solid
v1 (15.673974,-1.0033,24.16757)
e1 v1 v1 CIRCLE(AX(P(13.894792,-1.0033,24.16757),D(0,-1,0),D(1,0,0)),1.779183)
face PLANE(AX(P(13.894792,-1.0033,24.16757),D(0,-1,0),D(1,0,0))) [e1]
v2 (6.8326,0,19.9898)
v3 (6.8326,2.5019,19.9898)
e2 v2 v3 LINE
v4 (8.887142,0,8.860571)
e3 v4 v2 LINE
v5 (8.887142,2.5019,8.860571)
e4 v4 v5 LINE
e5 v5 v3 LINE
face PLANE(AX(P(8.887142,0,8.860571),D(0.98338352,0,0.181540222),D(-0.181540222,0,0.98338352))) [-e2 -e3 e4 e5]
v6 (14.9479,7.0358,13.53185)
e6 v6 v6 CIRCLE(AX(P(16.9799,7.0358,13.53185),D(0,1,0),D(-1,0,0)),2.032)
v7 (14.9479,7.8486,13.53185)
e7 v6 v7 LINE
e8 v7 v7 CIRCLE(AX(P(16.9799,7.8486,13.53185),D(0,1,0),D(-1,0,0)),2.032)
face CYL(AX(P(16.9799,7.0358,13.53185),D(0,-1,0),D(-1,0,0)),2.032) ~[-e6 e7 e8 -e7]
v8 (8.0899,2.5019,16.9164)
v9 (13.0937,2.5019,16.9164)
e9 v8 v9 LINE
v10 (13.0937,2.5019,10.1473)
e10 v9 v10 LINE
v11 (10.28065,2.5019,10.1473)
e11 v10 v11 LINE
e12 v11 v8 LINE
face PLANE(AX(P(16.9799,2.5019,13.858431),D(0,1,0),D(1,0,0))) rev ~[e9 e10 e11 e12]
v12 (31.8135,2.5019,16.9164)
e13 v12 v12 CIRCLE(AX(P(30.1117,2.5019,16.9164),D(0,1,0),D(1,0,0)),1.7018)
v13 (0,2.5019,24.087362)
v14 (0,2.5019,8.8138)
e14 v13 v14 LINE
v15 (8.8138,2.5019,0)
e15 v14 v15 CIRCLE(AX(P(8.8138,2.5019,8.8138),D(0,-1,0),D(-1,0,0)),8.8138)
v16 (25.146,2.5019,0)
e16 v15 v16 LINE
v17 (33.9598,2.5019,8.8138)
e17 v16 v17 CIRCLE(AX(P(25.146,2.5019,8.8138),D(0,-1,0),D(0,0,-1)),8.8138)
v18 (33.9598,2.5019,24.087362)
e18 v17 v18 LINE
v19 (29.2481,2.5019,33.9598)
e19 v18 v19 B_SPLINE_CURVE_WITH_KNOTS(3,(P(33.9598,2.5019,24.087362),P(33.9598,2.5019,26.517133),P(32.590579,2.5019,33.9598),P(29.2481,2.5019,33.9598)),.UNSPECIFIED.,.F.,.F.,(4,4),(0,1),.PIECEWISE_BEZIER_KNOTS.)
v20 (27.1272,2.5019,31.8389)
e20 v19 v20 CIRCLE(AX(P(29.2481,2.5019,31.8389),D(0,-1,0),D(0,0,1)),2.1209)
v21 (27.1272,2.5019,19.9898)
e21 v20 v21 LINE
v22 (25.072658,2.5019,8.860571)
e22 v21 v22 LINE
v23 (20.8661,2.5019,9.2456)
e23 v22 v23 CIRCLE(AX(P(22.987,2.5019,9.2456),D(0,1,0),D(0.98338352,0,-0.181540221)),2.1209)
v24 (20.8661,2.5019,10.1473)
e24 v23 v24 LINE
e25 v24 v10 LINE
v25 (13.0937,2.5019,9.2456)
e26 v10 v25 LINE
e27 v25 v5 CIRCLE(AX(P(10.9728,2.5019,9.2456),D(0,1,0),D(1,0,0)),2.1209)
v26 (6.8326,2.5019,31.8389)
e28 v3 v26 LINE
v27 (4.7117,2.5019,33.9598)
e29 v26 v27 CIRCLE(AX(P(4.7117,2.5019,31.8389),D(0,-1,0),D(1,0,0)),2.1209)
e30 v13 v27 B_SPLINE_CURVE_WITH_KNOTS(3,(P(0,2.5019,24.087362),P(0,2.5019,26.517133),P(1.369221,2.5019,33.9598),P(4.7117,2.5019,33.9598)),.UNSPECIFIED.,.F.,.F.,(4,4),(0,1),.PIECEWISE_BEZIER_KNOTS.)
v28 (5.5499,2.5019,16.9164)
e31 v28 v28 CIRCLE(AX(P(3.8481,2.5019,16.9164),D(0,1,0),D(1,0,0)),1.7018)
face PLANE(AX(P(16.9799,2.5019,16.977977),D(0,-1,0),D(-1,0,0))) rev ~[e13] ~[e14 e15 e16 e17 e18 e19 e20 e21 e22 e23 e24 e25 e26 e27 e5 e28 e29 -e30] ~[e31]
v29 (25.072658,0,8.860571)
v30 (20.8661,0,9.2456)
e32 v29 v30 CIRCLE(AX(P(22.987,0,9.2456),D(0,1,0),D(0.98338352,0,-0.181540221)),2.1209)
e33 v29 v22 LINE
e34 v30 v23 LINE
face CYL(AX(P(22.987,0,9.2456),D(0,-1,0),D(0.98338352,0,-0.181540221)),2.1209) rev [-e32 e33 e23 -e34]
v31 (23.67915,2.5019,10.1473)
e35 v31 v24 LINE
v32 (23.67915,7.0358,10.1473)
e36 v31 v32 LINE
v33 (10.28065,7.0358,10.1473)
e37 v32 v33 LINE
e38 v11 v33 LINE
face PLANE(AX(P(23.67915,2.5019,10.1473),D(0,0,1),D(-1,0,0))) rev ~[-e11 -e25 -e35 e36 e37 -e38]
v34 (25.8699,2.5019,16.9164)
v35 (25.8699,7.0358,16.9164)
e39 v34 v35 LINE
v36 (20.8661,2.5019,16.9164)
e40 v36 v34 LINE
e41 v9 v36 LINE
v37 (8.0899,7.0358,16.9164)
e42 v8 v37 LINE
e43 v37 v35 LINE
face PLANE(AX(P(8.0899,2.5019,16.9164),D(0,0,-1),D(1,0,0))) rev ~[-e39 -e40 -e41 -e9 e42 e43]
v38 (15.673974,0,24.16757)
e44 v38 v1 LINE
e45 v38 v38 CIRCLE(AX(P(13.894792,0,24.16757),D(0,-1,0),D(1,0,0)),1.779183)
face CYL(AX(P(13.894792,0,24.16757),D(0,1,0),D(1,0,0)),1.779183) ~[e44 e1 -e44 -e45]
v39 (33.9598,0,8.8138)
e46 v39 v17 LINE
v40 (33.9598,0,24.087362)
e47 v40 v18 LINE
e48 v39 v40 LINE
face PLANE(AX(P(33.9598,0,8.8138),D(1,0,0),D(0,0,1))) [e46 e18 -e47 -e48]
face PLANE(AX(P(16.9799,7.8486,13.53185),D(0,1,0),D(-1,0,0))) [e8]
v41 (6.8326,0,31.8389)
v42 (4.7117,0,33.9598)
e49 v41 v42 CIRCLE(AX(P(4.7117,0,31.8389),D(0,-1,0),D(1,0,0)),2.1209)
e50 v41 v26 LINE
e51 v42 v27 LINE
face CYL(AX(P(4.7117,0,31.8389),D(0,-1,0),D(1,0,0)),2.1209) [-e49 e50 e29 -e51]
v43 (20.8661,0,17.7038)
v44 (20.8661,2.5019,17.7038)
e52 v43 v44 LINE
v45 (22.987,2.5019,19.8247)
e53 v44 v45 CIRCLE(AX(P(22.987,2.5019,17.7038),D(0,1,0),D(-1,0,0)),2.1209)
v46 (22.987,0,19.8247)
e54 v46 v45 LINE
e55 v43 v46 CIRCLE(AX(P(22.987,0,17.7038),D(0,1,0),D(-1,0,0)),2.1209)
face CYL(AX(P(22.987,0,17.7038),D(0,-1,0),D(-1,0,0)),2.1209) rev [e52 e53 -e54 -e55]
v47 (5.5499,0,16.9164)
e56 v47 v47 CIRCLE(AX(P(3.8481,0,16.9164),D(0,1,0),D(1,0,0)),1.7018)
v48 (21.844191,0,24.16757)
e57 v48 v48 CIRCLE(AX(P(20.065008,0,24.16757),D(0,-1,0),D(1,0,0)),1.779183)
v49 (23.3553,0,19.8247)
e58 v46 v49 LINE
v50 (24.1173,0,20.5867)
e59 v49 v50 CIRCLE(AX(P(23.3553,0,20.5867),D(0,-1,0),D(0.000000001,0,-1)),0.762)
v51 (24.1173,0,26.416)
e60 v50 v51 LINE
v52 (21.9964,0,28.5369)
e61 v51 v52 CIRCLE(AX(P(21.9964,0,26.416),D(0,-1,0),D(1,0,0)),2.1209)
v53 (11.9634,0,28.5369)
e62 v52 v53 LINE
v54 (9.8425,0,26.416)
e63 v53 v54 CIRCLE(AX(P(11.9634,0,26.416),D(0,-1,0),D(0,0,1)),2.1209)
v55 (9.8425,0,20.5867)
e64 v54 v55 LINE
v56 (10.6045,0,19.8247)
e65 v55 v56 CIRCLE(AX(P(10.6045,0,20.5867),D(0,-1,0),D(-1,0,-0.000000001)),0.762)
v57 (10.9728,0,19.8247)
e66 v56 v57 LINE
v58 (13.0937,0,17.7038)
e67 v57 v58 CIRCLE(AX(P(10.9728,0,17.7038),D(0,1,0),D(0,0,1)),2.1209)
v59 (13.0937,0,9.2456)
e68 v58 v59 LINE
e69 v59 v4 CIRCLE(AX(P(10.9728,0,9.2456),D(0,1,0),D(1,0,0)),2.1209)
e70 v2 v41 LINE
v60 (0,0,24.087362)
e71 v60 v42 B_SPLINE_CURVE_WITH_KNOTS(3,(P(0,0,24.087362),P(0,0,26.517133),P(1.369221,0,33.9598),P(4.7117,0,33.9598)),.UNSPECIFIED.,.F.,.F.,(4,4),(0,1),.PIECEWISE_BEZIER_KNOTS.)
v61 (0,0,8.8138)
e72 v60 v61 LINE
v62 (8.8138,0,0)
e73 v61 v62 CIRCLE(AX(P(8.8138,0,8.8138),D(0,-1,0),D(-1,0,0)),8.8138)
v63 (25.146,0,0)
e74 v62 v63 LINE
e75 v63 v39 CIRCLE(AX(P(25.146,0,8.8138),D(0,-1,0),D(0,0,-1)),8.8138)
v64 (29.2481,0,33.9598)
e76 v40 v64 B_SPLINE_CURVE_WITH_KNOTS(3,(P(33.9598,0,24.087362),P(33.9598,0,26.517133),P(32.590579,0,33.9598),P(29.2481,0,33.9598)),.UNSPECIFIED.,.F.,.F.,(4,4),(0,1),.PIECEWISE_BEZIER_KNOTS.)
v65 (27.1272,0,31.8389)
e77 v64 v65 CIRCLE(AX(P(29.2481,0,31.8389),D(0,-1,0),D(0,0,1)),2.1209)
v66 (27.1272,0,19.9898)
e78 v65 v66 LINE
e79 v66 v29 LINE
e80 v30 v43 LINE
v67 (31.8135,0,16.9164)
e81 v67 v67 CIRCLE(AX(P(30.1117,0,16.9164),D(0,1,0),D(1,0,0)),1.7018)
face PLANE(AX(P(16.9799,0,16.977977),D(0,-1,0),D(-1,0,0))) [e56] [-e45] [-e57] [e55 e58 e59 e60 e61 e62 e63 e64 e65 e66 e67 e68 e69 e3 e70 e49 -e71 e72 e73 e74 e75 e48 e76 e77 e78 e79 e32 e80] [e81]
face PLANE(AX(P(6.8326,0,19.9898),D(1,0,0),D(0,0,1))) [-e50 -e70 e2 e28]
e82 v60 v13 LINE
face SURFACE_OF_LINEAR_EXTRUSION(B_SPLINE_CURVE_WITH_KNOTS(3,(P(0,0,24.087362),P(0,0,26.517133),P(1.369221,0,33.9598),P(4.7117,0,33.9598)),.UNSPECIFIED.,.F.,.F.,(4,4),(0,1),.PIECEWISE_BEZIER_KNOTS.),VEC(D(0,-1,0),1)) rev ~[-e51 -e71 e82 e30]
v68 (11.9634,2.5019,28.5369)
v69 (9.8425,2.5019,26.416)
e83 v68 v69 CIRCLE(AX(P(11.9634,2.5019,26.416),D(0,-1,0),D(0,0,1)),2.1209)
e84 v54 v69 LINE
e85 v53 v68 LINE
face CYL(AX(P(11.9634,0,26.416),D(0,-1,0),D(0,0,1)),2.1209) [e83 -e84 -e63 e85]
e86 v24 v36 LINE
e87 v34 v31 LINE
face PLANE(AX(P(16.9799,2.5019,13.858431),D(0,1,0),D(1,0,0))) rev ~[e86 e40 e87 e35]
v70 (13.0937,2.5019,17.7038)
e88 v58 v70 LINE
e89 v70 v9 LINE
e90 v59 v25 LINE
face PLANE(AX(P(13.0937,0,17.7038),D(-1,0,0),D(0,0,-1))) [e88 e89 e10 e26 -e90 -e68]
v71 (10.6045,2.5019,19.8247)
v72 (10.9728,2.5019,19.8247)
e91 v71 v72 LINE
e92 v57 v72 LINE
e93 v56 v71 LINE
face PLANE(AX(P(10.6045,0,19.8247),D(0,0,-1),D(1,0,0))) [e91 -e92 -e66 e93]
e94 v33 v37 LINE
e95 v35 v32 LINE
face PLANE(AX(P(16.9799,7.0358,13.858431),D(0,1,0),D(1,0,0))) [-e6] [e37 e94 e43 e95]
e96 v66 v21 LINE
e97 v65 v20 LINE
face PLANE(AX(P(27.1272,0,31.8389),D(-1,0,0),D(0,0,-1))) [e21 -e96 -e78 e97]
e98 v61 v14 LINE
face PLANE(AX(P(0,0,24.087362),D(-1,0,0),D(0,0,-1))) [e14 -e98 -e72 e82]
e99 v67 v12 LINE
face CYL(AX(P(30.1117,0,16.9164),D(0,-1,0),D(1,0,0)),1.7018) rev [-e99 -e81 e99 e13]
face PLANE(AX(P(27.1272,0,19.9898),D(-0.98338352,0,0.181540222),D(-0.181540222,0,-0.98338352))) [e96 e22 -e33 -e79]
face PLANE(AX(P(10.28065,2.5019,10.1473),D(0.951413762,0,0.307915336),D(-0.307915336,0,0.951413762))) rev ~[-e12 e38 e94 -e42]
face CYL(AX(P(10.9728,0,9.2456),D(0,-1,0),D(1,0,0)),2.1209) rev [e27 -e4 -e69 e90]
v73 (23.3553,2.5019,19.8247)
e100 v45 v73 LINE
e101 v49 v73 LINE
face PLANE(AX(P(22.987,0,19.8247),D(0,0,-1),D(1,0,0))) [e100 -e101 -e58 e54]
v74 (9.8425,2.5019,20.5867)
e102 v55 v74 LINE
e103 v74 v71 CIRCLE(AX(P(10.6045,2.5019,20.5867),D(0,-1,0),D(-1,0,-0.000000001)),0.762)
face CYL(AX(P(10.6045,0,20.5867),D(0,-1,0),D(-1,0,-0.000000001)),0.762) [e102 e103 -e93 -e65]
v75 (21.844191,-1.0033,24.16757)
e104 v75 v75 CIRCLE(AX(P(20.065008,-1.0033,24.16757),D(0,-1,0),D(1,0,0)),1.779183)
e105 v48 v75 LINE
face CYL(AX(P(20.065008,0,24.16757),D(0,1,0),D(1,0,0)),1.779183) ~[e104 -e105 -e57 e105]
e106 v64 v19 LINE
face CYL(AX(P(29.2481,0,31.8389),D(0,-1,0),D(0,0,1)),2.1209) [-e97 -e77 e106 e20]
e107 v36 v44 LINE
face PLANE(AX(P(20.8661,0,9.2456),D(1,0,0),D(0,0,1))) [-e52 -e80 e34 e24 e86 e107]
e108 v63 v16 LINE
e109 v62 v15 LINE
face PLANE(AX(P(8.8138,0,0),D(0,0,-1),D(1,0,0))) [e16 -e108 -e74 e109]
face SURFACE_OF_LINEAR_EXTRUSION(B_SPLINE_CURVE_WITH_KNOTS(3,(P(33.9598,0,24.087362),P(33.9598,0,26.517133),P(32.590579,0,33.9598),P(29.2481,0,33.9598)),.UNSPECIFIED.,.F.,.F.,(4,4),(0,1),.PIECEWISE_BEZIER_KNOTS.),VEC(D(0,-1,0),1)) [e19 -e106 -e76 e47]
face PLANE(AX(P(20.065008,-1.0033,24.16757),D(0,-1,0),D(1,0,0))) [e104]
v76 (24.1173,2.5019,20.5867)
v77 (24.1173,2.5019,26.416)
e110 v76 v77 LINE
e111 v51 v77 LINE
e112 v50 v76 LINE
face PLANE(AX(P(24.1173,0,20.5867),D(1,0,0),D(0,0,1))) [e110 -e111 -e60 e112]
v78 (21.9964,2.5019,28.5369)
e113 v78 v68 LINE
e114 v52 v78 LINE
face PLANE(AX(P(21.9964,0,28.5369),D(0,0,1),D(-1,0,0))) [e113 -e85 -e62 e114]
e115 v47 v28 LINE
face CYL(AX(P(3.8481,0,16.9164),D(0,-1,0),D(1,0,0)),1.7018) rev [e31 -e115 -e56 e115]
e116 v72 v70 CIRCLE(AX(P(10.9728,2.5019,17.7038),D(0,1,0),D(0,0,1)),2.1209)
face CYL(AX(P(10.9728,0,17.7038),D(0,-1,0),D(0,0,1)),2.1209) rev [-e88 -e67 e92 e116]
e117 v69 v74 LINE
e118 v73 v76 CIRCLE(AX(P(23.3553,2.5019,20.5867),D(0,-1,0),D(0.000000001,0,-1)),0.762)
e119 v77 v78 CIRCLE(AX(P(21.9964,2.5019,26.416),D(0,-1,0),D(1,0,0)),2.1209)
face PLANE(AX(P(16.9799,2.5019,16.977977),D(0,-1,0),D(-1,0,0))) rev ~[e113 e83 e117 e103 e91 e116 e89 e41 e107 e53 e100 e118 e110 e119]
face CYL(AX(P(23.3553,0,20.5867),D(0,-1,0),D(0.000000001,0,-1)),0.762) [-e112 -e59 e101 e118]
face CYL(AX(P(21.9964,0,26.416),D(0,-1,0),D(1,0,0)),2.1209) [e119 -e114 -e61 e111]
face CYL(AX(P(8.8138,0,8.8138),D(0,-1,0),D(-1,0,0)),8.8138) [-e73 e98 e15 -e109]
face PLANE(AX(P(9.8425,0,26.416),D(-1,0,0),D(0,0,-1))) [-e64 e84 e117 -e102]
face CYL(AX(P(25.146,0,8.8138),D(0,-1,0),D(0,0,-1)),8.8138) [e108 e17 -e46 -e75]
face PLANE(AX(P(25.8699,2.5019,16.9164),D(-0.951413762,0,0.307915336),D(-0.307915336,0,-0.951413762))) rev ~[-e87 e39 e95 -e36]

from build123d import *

# Parameters (mm, degrees)
SKETCH1_R           = 1.7018
BOSS_EXTRUDE1_DEPTH = 2.5019
BOSS_EXTRUDE2_DEPTH = 4.5339
SKETCH3_R           = 2.032
BOSS_EXTRUDE3_DEPTH = 0.8128
SKETCH4_R           = 1.77918252
BOSS_EXTRUDE4_DEPTH = 1.0033


with BuildPart() as part:
    # Sketch1 → Boss-Extrude1 (new body)
    with BuildSketch(Plane(origin=(0, 0, 0), x_dir=(1, 0, 0), z_dir=(0, 1, 0))):
        with BuildLine():
            Line((27.1272, -31.8389), (27.1272, -19.9898))
            Line((27.1272, -19.9898), (25.072658108, -8.860571344))
            ThreePointArc((25.072658108, -8.860571344), (22.793680926, -7.133528849), (20.8661, -9.2456))
            Line((20.8661, -9.2456), (20.8661, -17.7038))
            ThreePointArc((20.8661, -17.7038), (21.487297228, -19.203502772), (22.987, -19.8247))
            Line((22.987, -19.8247), (23.3553, -19.8247))
            ThreePointArc((23.3553, -19.8247), (23.894115367, -20.047884633), (24.1173, -20.5867))
            Line((24.1173, -20.5867), (24.1173, -26.416))
            ThreePointArc((24.1173, -26.416), (23.496102772, -27.915702772), (21.9964, -28.5369))
            Line((21.9964, -28.5369), (11.9634, -28.5369))
            ThreePointArc((11.9634, -28.5369), (10.463697228, -27.915702772), (9.8425, -26.416))
            Line((9.8425, -26.416), (9.8425, -20.5867))
            ThreePointArc((9.8425, -20.5867), (10.065684633, -20.047884633), (10.6045, -19.8247))
            Line((10.6045, -19.8247), (10.9728, -19.8247))
            ThreePointArc((10.9728, -19.8247), (12.472502772, -19.203502772), (13.0937, -17.7038))
            Line((13.0937, -17.7038), (13.0937, -9.2456))
            ThreePointArc((13.0937, -9.2456), (11.166119074, -7.133528849), (8.887141892, -8.860571344))
            Line((8.887141892, -8.860571344), (6.8326, -19.9898))
            Line((6.8326, -19.9898), (6.8326, -31.8389))
            ThreePointArc((6.8326, -31.8389), (6.211402772, -33.338602772), (4.7117, -33.9598))
            add(Edge.make_bspline(
                [(0, -24.0873616), (0, -26.517133331), (1.36922065, -33.9598), (4.7117, -33.9598)],
                knots=[0, 0, 0, 0, 1, 1, 1, 1], degree=3))
            Line((0, -24.0873616), (0, -8.8138))
            ThreePointArc((0, -8.8138), (2.581502252, -2.581502252), (8.8138, 0))
            Line((8.8138, 0), (25.146, 0))
            ThreePointArc((25.146, 0), (31.378297748, -2.581502252), (33.9598, -8.8138))
            Line((33.9598, -8.8138), (33.9598, -24.0873616))
            add(Edge.make_bspline(
                [(33.9598, -24.0873616), (33.9598, -26.517133331), (32.59057935, -33.9598), (29.2481, -33.9598)],
                knots=[0, 0, 0, 0, 1, 1, 1, 1], degree=3))
            ThreePointArc((29.2481, -33.9598), (27.748397228, -33.338602772), (27.1272, -31.8389))
        make_face()
        with Locations((30.1117, -16.9164)):
            Circle(SKETCH1_R, mode=Mode.SUBTRACT)
        with Locations((3.8481, -16.9164)):
            Circle(SKETCH1_R, mode=Mode.SUBTRACT)
    extrude(amount=BOSS_EXTRUDE1_DEPTH)

    # Sketch2 → Boss-Extrude2 (add)
    with BuildSketch(Plane(origin=(0, 2.5019, 0), x_dir=(1, 0, 0), z_dir=(0, 1, 0))):
        Polygon((8.0899, -16.9164), (25.8699, -16.9164), (23.67915, -10.1473), (10.28065, -10.1473), align=None)
    extrude(amount=BOSS_EXTRUDE2_DEPTH)

    # Sketch3 → Boss-Extrude3 (add)
    with BuildSketch(Plane(origin=(0, 7.0358, 0), x_dir=(-1, 0, 0), z_dir=(0, 1, 0))):
        with Locations((-16.9799, 13.53185)):
            Circle(SKETCH3_R)
    extrude(amount=BOSS_EXTRUDE3_DEPTH)

    # Sketch4 → Boss-Extrude4 (add)
    with BuildSketch(Plane.XZ):
        with Locations((13.894791914, 24.167570002)):
            Circle(SKETCH4_R)
        with Locations((20.065008086, 24.167570002)):
            Circle(SKETCH4_R)
    extrude(amount=BOSS_EXTRUDE4_DEPTH)


solid = part.part
